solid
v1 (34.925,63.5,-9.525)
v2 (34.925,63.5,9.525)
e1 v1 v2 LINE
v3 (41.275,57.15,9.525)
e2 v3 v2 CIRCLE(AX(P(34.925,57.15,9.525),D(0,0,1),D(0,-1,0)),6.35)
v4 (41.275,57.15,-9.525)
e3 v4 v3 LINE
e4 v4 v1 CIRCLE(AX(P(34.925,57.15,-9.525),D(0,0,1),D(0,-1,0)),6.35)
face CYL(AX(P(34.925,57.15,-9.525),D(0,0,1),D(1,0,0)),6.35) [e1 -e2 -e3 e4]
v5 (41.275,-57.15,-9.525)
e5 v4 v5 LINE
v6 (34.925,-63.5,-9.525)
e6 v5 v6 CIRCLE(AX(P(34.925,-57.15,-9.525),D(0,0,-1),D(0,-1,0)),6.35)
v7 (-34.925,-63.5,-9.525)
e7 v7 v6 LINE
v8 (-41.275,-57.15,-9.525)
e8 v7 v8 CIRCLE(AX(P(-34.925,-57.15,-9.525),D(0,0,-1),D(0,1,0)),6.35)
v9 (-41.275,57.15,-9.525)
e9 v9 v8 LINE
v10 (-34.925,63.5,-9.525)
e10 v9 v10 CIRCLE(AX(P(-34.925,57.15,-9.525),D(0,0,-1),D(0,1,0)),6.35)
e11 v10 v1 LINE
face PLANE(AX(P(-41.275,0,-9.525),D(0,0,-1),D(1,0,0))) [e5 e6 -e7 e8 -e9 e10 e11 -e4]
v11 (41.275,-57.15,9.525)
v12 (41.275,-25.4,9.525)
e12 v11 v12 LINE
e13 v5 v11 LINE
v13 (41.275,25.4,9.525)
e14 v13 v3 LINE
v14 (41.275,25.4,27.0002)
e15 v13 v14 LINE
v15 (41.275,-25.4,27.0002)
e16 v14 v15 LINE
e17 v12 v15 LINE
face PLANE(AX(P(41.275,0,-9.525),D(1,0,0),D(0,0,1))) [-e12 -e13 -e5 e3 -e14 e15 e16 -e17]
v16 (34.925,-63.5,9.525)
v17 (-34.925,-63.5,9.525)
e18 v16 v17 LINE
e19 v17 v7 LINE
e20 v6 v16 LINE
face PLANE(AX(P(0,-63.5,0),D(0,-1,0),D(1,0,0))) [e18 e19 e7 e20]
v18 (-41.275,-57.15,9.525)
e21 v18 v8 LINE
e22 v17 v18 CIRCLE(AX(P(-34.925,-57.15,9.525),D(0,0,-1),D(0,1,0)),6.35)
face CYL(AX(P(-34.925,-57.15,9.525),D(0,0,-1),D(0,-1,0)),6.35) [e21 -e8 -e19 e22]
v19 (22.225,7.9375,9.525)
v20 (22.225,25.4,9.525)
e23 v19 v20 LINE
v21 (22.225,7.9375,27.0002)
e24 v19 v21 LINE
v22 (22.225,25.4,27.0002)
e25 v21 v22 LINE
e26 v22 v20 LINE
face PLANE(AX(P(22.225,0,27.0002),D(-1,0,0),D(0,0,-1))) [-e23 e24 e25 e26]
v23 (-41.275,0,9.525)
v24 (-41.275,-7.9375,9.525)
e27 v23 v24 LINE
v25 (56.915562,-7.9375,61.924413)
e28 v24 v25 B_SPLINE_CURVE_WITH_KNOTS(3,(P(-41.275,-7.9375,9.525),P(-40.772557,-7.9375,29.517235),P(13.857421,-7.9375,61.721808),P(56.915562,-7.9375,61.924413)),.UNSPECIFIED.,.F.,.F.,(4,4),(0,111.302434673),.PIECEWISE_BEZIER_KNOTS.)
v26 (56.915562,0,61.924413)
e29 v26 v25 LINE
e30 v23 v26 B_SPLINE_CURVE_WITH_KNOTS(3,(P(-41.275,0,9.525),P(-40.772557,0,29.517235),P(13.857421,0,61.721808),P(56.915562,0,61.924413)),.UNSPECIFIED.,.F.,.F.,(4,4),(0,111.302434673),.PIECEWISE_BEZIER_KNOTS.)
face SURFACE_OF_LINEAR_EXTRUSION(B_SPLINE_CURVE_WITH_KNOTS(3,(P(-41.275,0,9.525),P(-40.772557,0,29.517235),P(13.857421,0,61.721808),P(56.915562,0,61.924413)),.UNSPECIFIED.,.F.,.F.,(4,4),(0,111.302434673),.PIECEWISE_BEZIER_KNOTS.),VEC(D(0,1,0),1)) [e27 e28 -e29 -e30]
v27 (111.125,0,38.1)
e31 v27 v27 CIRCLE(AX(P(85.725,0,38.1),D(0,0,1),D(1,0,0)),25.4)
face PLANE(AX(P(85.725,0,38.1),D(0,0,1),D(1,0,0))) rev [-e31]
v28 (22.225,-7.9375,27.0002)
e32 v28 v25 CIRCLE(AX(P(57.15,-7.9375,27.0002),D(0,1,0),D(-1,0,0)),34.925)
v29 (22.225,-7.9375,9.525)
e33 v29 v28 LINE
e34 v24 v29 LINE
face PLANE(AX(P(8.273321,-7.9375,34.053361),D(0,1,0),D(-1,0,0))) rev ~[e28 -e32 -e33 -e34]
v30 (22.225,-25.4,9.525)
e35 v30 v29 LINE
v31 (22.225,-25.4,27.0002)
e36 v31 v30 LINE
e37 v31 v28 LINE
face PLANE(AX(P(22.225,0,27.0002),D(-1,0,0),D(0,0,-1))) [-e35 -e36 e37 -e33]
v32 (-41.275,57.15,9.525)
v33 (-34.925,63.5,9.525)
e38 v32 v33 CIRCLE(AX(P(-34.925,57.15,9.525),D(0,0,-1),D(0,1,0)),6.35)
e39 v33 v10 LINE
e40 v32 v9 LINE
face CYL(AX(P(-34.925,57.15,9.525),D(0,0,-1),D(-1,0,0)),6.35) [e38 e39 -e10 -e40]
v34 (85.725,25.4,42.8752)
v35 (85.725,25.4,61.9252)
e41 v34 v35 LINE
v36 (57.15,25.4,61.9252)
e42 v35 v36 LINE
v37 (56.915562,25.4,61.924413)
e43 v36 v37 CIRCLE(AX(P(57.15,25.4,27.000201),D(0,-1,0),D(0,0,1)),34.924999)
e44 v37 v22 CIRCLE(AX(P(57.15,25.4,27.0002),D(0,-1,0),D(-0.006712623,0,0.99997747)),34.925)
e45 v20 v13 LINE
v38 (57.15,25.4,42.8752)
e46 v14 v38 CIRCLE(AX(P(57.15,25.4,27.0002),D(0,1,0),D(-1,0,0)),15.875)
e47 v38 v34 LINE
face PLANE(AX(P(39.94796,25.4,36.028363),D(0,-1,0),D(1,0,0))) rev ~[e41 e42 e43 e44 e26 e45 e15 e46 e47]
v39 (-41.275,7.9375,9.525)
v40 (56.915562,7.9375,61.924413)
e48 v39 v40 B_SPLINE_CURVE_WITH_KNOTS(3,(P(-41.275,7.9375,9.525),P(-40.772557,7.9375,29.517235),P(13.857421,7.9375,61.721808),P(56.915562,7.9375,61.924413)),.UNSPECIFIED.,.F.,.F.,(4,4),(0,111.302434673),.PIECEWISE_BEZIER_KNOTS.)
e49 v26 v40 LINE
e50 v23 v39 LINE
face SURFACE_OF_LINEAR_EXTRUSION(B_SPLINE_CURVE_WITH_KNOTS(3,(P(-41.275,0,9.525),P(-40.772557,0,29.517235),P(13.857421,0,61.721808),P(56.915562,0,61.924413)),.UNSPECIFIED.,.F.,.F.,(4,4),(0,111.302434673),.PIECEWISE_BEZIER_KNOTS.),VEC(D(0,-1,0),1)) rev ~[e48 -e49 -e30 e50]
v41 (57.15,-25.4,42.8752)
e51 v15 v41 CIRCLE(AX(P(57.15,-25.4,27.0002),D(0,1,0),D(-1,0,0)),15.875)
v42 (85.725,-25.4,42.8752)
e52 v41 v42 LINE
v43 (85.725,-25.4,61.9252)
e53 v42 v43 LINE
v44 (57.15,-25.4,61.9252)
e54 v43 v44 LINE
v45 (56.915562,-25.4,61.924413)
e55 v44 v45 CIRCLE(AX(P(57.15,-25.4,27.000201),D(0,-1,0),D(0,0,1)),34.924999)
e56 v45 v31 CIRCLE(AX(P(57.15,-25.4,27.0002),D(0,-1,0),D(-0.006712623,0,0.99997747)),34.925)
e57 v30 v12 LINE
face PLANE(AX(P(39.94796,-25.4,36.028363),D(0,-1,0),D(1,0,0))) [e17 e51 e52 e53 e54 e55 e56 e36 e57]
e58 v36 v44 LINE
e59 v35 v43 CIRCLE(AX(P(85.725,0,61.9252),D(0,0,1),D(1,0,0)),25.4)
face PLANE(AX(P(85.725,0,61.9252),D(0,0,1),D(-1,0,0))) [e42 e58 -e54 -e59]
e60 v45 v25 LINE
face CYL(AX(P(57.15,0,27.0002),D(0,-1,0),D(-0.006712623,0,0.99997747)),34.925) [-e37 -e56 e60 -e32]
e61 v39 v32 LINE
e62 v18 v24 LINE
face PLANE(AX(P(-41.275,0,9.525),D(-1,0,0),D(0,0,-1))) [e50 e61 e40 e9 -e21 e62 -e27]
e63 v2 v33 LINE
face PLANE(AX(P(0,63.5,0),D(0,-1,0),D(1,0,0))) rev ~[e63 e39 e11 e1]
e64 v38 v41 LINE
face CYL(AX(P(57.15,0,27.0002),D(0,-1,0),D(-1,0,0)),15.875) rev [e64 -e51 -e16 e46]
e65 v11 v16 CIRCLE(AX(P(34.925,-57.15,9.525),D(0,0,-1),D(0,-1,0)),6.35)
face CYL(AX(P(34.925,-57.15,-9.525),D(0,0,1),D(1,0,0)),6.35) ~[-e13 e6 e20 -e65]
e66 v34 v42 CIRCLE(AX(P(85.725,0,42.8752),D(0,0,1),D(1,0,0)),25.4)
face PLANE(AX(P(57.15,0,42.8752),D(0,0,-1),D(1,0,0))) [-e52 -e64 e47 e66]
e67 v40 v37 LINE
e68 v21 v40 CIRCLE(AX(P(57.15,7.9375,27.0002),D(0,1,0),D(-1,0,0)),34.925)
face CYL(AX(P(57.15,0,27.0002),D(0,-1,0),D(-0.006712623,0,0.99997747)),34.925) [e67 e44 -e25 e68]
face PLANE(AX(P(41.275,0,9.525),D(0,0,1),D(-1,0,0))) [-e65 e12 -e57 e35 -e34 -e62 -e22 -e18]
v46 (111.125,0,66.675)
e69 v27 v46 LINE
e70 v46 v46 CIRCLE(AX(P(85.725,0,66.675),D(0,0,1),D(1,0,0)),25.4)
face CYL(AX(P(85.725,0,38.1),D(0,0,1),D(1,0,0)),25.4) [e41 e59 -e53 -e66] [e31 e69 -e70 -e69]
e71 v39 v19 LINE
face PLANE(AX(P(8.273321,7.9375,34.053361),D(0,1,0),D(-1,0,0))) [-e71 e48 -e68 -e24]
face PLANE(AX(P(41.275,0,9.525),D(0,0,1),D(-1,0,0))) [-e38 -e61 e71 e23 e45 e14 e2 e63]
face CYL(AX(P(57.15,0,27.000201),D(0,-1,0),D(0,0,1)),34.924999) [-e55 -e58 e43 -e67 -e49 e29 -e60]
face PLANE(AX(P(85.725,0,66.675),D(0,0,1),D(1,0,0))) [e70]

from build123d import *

# Parameters (mm, degrees)
F1_DEPTH = 63.5
F0_W     = 25.4
F0_H     = 19.05
F2_DEPTH = 25.4
F3_DEPTH = 7.9375
F5_R     = 6.35


with BuildPart() as f1:
    # F0 (on Front) → F1 (new body, symmetric)
    with BuildSketch(Plane.XZ):
        Polygon((-41.275, 9.525), (-41.275, -9.525), (41.275, -9.525), (41.275, 9.525), (22.225, 9.525), align=None)
    extrude(amount=F1_DEPTH, both=True)

    # F0 (on Front) → F2 (join, symmetric)
    with BuildSketch(Plane.XZ):
        with BuildLine():
            Line((22.225, 9.525), (41.275, 9.525))
            Line((41.275, 9.525), (41.275, 27.0002))
            ThreePointArc((41.275, 27.0002), (45.9246798487, 38.2255201513), (57.15, 42.8752))
            Line((57.15, 42.8752), (60.325, 42.8752))
            Line((60.325, 42.8752), (60.325, 61.9252))
            Line((60.325, 61.9252), (57.15, 61.9252))
            ThreePointArc((57.15, 61.9252), (57.0327801624, 61.9250032852), (56.9155616453, 61.924413143))
            ThreePointArc((56.9155616453, 61.924413143), (32.3715478234, 51.6128782925), (22.225, 27.0002))
            Line((22.225, 27.0002), (22.225, 9.525))
        make_face()
        with Locations((73.025, 52.4002)):
            Rectangle(F0_W, F0_H)
    extrude(amount=F2_DEPTH, both=True)

    # F0 (on Front) → F3 (join, symmetric)
    with BuildSketch(Plane.XZ):
        with BuildLine():
            add(Edge.make_bspline(
                [(-41.275, 9.525), (-40.772556892, 29.51723469), (13.8574212283, 61.721808406), (56.9155616453, 61.924413143)],
                knots=[0, 0, 0, 0, 111.3024346727, 111.3024346727, 111.3024346727, 111.3024346727], degree=3))
            Line((-41.275, 9.525), (22.225, 9.525))
            Line((22.225, 9.525), (22.225, 27.0002))
            ThreePointArc((22.225, 27.0002), (32.3715478234, 51.6128782925), (56.9155616453, 61.924413143))
        make_face()
    extrude(amount=F3_DEPTH, both=True)

    # F0 (on Front) → F4 (revolve)
    with BuildSketch(Plane.XZ):
        Polygon((85.725, 66.675), (85.725, 61.9252), (85.725, 42.8752), (85.725, 38.1), (111.125, 38.1), (111.125, 66.675), align=None)
    revolve(axis=Axis((85.725, 0, 52.3875), (0, 0, 1)))

    # F5
    f5_edges = [f1.edges().sort_by_distance(p)[0] for p in [
        (41.275, -63.5, 0),
        (41.275, 63.5, 0),
        (-41.275, -63.5, 0),
        (-41.275, 63.5, 0),
    ]]
    fillet(f5_edges, radius=F5_R)


solid = f1.part
